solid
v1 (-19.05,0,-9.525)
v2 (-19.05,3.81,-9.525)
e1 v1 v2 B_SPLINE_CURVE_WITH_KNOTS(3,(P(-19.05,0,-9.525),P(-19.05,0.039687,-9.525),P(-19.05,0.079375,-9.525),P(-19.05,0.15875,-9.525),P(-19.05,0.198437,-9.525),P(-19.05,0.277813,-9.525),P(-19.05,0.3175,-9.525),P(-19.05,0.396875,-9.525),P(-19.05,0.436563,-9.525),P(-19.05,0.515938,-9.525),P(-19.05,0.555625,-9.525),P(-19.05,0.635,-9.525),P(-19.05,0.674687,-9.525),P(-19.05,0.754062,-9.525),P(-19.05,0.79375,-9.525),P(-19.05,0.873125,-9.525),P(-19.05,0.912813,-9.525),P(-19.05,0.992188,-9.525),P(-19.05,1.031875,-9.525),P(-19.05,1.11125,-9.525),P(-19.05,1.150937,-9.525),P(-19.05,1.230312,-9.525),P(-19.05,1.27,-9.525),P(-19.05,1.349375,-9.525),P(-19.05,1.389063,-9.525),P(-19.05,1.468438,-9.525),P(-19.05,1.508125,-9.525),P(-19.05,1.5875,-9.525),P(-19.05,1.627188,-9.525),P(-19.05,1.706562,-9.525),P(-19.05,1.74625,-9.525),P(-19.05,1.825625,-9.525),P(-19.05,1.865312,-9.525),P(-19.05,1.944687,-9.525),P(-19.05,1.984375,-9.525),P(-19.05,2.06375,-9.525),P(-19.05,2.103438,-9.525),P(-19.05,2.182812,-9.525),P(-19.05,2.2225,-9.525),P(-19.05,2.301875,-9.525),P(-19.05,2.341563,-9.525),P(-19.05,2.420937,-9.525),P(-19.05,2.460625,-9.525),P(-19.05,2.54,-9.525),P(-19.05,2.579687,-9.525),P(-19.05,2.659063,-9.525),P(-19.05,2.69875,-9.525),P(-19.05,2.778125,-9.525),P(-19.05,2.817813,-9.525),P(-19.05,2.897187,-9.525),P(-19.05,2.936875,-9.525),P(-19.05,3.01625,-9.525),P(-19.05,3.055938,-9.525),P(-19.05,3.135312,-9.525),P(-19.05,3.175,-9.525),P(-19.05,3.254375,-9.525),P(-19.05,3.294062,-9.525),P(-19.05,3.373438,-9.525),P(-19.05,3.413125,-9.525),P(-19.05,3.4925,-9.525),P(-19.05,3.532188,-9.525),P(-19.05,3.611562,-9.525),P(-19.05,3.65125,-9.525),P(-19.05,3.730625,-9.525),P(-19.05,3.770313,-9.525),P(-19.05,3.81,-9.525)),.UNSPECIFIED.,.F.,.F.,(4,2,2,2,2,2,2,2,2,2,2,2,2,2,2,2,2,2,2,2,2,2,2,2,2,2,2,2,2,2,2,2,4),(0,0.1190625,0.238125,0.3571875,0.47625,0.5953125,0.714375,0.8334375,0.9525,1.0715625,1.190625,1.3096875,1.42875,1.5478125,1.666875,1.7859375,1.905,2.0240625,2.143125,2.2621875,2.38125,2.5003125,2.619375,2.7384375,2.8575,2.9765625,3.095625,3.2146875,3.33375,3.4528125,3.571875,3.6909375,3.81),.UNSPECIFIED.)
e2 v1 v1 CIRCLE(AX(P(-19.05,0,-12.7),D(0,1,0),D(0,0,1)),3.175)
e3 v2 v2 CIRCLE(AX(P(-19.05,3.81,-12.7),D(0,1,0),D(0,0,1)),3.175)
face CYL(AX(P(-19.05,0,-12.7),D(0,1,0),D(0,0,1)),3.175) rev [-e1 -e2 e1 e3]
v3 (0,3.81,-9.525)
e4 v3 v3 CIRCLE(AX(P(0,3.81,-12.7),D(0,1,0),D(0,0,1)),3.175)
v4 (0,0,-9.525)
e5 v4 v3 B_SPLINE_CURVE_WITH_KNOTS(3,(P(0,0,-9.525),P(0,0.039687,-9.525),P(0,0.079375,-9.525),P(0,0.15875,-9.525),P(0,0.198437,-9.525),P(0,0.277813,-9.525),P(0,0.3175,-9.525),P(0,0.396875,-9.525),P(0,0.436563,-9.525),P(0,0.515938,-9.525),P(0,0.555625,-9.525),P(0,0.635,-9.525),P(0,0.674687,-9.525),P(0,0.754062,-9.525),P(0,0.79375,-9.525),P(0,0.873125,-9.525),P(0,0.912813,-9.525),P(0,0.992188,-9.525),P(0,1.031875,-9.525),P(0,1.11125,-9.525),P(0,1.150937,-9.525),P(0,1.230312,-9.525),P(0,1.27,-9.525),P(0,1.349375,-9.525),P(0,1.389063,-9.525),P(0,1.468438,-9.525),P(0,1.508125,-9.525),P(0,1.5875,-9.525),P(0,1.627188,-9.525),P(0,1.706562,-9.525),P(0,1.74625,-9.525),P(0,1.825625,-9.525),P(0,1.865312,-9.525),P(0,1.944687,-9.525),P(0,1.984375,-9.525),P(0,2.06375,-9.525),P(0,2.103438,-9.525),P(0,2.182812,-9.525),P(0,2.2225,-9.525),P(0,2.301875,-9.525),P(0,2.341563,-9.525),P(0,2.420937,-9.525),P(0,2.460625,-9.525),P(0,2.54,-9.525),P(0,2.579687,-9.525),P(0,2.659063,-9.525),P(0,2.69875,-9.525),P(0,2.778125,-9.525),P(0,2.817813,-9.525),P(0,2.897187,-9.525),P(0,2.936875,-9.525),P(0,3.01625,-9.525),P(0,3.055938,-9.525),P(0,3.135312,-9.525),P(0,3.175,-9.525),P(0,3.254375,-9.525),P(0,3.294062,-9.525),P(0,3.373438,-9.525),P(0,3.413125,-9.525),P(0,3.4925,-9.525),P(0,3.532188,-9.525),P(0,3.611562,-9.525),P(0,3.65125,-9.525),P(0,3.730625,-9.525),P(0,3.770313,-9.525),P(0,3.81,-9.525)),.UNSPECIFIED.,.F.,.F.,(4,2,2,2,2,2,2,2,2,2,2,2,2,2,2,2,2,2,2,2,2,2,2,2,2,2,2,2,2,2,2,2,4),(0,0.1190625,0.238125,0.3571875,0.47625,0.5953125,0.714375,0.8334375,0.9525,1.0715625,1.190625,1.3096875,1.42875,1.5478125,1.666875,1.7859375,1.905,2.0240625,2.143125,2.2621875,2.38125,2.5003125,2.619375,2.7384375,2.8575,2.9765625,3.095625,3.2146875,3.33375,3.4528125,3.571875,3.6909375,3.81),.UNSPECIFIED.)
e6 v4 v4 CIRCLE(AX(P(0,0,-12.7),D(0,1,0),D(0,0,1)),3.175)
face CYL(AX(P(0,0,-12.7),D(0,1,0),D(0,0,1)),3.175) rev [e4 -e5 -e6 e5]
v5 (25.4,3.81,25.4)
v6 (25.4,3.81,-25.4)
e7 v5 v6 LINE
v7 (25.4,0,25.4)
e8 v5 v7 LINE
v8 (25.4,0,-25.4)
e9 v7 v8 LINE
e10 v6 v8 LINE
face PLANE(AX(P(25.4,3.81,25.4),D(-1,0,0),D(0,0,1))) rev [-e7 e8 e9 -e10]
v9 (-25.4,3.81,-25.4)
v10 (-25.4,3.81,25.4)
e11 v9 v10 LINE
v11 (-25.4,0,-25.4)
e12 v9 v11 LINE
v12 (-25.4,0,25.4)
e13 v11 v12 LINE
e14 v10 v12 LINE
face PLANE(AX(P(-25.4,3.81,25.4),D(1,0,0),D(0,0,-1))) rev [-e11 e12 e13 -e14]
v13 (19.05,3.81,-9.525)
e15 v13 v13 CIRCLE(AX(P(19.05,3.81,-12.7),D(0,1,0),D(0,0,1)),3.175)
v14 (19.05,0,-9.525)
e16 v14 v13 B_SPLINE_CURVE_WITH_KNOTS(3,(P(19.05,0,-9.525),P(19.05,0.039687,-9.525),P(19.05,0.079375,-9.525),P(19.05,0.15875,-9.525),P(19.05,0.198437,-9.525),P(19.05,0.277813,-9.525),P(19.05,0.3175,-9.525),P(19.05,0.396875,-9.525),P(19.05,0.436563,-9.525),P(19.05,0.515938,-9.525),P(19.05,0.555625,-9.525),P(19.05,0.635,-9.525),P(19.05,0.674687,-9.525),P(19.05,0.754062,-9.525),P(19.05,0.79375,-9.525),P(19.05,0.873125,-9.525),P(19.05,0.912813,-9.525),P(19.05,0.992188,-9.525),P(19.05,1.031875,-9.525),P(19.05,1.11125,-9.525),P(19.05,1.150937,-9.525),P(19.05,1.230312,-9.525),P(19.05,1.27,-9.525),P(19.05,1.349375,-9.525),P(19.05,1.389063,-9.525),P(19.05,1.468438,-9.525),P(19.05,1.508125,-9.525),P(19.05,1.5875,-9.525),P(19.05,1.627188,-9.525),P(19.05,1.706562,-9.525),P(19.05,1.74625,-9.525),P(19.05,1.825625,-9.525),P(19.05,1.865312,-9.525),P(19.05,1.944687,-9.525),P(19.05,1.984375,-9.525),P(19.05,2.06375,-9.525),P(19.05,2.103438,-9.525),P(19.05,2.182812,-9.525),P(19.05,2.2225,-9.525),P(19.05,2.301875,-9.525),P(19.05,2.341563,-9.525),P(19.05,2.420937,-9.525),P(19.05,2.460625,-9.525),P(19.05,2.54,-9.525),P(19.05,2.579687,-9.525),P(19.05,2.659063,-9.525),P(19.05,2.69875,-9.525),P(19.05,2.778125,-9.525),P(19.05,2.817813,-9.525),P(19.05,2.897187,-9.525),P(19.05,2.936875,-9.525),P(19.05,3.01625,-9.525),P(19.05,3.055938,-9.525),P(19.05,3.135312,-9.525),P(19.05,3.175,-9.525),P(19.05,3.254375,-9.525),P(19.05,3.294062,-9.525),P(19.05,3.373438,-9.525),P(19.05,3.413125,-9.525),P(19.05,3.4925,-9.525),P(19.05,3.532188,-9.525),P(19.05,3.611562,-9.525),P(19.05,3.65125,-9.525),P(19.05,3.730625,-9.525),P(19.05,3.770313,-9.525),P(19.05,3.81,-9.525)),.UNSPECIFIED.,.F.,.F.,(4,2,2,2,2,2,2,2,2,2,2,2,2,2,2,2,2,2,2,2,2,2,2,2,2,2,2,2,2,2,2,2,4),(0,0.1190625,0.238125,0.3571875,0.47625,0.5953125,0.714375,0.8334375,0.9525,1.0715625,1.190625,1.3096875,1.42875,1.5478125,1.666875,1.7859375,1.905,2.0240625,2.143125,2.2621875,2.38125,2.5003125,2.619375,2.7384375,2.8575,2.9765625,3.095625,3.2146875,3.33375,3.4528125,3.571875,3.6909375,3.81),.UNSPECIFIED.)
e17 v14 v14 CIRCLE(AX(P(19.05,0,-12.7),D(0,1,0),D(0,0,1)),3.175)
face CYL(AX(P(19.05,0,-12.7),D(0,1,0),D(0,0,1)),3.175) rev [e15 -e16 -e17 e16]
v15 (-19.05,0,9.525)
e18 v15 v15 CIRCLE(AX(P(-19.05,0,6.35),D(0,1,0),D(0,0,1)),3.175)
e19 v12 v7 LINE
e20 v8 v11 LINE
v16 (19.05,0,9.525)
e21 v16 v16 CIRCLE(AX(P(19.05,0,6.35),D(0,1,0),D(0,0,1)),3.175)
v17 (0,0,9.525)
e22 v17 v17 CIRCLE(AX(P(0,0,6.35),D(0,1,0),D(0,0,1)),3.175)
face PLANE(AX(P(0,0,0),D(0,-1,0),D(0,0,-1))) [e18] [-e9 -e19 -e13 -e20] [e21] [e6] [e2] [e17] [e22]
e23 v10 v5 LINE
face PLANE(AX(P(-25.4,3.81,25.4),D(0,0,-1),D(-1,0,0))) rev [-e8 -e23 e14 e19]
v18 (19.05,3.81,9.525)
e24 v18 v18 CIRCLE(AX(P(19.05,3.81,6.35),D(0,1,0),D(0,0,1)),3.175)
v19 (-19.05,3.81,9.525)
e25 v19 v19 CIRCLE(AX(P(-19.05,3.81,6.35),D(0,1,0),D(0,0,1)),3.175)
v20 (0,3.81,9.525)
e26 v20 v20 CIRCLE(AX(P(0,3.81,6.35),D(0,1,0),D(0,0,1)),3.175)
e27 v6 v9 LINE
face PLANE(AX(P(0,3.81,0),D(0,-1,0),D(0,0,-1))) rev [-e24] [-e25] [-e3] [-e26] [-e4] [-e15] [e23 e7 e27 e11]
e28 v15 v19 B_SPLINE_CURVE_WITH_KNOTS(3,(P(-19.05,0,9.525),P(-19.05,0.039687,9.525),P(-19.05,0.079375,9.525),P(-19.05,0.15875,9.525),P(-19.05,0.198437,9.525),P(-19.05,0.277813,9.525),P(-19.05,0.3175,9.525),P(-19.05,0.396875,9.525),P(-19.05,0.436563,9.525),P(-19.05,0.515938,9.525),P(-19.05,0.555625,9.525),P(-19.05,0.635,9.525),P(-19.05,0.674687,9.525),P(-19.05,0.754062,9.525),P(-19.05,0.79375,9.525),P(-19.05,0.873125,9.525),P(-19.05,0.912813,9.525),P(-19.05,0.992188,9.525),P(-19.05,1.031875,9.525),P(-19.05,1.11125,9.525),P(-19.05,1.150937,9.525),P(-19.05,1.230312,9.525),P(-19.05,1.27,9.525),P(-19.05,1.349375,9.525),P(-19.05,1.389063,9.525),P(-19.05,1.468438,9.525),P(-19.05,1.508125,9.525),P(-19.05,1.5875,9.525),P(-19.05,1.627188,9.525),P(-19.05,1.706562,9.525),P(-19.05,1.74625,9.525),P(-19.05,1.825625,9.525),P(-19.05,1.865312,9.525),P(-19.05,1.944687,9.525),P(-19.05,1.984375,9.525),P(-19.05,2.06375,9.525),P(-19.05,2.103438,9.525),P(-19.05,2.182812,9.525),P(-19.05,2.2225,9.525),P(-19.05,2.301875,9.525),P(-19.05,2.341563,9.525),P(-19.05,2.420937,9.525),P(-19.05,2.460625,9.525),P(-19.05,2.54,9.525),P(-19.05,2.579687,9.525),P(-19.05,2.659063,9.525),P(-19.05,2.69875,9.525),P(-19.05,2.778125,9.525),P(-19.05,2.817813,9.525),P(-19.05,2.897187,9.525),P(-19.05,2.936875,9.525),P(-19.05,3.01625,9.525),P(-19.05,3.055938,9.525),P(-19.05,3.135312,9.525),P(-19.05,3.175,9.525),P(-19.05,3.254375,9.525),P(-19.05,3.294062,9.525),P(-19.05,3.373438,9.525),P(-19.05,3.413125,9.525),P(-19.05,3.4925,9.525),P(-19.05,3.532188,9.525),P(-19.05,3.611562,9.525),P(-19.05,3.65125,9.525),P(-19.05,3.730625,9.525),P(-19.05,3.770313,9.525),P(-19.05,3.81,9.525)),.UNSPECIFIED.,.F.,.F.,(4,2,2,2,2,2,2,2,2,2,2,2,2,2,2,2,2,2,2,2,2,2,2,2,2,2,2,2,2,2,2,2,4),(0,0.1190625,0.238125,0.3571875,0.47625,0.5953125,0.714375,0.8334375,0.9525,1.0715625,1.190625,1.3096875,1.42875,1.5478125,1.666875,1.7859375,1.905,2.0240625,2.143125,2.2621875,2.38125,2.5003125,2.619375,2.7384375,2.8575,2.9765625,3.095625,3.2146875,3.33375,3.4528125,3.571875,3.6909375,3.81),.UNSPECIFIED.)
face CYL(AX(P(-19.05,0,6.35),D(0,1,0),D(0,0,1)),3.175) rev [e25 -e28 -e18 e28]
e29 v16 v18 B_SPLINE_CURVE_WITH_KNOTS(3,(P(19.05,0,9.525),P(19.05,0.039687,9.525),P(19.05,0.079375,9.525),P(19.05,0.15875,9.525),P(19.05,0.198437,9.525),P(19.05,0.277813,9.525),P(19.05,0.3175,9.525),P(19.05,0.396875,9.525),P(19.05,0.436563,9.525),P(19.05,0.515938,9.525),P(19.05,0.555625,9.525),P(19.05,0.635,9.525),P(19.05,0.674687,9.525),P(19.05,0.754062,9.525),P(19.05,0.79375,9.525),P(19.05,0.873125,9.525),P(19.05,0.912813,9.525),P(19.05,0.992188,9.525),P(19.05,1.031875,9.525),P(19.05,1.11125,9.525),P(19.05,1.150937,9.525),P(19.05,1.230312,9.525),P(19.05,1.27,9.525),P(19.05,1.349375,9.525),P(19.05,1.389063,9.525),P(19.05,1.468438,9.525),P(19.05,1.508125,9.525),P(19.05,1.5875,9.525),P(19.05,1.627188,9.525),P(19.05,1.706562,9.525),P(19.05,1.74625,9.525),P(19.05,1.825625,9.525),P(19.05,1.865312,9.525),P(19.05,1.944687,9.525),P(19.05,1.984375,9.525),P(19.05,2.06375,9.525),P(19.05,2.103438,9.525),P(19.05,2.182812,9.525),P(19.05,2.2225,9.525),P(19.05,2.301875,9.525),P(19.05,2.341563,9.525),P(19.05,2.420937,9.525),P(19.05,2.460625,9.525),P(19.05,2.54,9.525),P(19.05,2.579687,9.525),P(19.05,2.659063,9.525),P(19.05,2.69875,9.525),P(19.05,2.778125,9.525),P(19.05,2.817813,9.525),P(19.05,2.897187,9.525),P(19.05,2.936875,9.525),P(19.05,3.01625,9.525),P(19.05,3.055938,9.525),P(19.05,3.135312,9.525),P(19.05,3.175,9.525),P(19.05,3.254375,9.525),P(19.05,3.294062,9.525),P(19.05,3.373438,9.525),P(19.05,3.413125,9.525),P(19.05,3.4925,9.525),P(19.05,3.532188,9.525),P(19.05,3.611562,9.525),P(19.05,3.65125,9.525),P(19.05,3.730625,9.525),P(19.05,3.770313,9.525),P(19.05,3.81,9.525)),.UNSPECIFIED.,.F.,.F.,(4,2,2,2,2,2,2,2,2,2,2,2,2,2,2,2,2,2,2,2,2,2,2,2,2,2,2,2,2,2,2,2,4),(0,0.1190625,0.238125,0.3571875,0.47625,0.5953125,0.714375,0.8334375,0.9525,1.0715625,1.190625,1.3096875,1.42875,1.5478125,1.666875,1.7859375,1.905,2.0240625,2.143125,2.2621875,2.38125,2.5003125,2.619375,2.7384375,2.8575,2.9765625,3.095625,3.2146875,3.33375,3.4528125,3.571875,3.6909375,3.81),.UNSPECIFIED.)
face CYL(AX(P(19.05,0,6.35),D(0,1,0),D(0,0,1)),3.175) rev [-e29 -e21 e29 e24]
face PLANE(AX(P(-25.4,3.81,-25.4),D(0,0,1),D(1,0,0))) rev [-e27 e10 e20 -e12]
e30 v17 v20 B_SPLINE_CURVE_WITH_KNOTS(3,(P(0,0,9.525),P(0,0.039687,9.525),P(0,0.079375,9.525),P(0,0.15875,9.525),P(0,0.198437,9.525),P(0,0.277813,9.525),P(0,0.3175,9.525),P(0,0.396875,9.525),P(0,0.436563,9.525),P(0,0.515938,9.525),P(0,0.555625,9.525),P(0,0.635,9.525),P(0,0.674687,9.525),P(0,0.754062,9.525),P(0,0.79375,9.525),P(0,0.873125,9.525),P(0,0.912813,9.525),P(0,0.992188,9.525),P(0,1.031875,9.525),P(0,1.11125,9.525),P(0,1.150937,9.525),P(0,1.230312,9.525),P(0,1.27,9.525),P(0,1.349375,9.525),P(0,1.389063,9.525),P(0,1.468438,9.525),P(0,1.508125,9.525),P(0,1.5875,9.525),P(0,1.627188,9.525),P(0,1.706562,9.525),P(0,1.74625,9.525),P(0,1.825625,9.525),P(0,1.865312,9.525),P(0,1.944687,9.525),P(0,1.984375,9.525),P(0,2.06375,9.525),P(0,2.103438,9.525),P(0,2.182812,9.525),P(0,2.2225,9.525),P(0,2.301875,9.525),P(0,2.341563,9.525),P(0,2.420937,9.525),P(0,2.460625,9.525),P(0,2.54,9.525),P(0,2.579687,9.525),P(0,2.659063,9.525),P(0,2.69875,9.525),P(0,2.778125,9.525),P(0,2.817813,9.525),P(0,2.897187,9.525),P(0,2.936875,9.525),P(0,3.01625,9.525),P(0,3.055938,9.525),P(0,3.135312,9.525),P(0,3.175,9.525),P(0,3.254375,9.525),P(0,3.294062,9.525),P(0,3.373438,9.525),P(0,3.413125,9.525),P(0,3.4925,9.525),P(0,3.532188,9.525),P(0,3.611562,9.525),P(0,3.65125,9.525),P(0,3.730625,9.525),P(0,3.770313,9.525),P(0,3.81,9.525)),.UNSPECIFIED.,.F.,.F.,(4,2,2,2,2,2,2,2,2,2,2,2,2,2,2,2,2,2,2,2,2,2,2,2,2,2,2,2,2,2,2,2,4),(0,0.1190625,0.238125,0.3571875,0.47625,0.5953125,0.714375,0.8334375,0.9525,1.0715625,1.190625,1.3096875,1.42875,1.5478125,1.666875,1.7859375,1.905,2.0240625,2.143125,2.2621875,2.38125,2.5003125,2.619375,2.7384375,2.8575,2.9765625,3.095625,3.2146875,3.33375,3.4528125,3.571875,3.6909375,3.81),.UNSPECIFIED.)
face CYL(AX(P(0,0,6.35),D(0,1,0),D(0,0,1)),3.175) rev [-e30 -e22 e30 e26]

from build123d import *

# Parameters (mm, degrees)
SKETCH1_W            = 50.8
SKETCH1_H            = 50.8
BOSS_EXTRUDE1_DEPTH  = 3.81
SKETCH2_R            = 3.175
CUT_EXTRUDE1_DEPTH   = 37.122515139
LPATTERN1_COUNT      = 2
LPATTERN1_PITCH      = 19.05
LPATTERN1_COUNT_DIR2 = 3
LPATTERN1_PITCH_DIR2 = 19.05


with BuildPart() as part:
    # Sketch1 → Boss-Extrude1 (new body)
    with BuildSketch(Plane(origin=(0, 0, 0), x_dir=(1, 0, 0), z_dir=(0, 1, 0))):
        Rectangle(SKETCH1_W, SKETCH1_H)
    extrude(amount=BOSS_EXTRUDE1_DEPTH)

    # Sketch2 → Cut-Extrude1 (cut, through all)
    with BuildSketch(Plane(origin=(0, 3.81, 0), x_dir=(1, 0, 0), z_dir=(0, 1, 0))):
        with Locations(Location((-19.05, -6.35, 0), (0, 0, 270))):
            Circle(SKETCH2_R)
    cut_extrude1 = extrude(amount=-CUT_EXTRUDE1_DEPTH, mode=Mode.SUBTRACT)

    # LPattern1: Cut-Extrude1 2 × 3
    with Locations(*[(j * LPATTERN1_PITCH_DIR2, 0, -i * LPATTERN1_PITCH) for i in range(LPATTERN1_COUNT) for j in range(LPATTERN1_COUNT_DIR2) if (i, j) != (0, 0)]):
        add(cut_extrude1, mode=Mode.SUBTRACT)


solid = part.part
